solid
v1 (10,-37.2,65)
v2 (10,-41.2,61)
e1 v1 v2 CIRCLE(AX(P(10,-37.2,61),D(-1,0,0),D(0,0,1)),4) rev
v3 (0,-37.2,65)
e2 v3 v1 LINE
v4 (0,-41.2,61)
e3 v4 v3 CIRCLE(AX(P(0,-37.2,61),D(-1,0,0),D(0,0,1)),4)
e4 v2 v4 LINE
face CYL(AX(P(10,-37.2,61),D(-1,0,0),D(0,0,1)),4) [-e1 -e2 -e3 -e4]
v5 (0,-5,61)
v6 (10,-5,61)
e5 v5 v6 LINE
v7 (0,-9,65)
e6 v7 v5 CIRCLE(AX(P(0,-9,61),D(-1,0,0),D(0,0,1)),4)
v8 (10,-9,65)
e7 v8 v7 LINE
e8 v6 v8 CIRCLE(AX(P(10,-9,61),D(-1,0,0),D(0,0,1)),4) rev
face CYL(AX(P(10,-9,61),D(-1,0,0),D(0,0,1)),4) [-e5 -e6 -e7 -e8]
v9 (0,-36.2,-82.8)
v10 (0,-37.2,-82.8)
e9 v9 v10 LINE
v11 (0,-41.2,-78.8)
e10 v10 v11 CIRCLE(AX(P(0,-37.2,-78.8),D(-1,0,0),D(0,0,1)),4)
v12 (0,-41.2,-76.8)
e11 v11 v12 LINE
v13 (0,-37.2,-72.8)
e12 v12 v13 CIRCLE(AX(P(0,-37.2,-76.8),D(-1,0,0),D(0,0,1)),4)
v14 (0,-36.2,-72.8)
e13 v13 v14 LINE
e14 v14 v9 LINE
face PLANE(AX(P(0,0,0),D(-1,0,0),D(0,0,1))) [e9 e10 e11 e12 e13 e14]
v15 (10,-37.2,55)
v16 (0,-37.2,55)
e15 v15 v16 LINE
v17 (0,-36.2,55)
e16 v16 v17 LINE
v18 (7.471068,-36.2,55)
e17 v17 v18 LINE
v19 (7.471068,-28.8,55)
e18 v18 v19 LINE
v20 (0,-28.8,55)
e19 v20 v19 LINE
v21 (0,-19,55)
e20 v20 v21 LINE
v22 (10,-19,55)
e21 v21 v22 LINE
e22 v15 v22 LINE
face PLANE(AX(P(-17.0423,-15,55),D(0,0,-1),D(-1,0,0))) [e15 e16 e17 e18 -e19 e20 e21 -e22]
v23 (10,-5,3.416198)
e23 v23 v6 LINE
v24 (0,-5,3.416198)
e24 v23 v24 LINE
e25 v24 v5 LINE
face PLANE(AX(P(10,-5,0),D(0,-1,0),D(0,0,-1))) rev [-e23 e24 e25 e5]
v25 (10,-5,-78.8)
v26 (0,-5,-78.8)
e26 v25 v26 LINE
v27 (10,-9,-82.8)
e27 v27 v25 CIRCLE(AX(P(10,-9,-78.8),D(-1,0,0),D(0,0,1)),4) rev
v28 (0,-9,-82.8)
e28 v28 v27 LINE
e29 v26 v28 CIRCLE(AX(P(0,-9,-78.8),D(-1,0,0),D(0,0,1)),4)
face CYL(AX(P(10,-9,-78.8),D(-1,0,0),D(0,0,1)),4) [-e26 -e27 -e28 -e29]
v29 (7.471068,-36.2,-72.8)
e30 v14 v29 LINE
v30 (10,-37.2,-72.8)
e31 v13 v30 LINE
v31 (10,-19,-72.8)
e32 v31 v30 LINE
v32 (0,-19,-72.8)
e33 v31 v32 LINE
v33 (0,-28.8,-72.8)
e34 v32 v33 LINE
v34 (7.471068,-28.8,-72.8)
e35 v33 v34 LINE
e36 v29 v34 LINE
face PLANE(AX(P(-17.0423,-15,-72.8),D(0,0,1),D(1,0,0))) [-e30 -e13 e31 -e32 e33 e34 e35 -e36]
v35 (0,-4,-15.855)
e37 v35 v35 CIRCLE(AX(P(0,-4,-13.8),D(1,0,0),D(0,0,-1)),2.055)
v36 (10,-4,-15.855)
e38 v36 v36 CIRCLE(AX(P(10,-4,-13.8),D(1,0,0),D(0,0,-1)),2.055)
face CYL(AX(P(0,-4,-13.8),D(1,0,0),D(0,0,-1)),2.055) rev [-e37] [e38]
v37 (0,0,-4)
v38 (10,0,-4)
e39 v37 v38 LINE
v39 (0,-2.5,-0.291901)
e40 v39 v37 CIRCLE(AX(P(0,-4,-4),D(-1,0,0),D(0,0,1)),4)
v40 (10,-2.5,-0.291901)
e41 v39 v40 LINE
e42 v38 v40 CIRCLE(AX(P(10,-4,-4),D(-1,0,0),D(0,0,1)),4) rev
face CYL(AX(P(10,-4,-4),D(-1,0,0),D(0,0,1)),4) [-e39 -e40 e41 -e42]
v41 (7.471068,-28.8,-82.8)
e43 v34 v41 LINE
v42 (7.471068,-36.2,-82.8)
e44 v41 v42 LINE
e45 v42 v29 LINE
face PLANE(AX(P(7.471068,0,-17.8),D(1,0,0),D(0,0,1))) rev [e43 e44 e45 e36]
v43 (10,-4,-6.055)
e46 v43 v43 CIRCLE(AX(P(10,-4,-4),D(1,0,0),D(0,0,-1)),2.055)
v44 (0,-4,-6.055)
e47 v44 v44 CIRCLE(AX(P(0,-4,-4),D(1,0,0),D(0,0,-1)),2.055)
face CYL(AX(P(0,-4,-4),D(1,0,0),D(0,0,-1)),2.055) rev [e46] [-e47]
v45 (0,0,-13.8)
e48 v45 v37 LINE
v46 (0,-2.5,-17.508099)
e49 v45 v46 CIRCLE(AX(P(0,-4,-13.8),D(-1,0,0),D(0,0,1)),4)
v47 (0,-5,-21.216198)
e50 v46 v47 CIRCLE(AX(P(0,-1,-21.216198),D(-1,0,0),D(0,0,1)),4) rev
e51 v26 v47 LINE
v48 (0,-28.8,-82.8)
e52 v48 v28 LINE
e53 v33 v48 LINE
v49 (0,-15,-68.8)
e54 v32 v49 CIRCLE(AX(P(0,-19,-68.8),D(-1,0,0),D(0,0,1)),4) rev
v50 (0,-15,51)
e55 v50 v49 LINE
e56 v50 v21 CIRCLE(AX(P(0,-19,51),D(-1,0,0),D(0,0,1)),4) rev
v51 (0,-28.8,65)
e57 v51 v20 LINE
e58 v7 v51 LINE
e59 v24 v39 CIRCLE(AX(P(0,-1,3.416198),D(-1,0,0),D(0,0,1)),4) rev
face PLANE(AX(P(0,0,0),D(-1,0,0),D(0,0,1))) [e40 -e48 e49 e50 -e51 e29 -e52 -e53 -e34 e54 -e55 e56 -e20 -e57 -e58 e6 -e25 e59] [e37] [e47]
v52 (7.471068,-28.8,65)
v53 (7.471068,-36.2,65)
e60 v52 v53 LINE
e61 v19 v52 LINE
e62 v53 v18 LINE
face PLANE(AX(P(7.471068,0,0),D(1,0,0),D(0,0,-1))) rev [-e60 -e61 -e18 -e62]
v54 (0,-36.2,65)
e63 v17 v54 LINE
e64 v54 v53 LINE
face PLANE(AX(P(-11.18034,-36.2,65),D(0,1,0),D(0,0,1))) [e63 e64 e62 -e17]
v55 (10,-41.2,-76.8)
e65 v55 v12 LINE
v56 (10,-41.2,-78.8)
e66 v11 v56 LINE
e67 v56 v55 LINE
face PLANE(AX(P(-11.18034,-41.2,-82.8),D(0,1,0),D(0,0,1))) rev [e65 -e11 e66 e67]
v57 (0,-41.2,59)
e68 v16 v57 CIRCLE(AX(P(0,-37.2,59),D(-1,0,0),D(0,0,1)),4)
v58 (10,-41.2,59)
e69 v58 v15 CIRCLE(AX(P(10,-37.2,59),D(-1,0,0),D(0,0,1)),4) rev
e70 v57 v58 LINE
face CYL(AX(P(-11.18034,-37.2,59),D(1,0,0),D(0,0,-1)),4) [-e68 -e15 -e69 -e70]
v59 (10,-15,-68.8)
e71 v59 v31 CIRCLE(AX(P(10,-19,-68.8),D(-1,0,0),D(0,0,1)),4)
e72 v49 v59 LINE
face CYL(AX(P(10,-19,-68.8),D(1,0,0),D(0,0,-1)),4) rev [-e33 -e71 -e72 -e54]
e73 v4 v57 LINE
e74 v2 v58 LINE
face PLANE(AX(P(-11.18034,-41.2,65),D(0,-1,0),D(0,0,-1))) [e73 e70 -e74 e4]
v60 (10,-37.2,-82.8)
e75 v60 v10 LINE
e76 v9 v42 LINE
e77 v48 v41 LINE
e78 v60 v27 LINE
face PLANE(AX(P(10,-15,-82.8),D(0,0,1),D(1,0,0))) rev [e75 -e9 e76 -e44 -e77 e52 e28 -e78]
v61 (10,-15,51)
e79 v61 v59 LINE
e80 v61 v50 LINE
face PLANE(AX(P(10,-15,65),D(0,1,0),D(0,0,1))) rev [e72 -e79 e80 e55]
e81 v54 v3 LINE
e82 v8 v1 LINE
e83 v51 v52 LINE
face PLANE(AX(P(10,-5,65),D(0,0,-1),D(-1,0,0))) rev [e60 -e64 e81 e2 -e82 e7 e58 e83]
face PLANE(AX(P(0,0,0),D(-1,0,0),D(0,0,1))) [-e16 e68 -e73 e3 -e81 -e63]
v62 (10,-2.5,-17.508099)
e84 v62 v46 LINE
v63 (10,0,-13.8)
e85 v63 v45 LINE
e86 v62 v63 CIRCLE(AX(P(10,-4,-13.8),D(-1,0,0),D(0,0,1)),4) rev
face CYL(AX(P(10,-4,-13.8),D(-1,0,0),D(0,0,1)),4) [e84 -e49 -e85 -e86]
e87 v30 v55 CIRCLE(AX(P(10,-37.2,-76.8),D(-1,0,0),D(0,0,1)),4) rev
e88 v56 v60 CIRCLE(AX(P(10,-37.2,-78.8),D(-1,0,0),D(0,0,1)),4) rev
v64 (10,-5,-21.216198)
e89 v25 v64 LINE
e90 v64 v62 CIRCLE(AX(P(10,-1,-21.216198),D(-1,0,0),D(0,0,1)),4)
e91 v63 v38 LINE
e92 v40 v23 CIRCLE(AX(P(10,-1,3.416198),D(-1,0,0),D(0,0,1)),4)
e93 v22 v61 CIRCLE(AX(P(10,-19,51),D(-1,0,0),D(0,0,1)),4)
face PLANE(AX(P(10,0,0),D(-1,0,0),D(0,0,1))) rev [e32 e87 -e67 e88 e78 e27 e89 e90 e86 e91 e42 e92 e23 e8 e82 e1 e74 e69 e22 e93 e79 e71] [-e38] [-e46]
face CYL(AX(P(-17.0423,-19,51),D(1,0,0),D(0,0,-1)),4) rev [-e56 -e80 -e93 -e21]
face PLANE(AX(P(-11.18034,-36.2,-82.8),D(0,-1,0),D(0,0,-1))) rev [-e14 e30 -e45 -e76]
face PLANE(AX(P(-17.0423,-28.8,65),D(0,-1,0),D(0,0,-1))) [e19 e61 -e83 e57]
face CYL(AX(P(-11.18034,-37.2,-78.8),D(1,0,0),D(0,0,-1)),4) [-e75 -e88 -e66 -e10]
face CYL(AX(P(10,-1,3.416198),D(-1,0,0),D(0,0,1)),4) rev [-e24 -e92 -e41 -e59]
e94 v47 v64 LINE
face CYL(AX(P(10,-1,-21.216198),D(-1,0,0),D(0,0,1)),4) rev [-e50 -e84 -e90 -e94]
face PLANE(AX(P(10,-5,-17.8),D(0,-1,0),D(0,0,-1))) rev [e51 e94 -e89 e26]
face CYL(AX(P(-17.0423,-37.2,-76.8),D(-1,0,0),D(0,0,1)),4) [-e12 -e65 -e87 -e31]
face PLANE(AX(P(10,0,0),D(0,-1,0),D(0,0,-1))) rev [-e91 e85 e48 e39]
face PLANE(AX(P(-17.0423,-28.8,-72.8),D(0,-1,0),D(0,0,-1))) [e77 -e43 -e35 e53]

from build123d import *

# Parameters (mm, degrees)
BOSS_EXTRUDE1_DEPTH = 10
SKETCH3_R           = 2.055
CUT_EXTRUDE1_DEPTH  = 85.739837149
SKETCH5_W           = 10
SKETCH5_H           = 13.8
BOSS_EXTRUDE2_DEPTH = 10
SKETCH10_W          = 10
SKETCH10_H          = 7.4
BOSS_EXTRUDE5_DEPTH = 2.52893219
SKETCH11_W          = 10
SKETCH11_H          = 5
BOSS_EXTRUDE6_DEPTH = 10
FILLET1_R           = 4
FILLET2_R           = 4
FILLET3_R           = 4


with BuildPart() as part:
    # Sketch1 → Boss-Extrude1 (new body)
    with BuildSketch(Plane(origin=(0, 0, 0), x_dir=(0, 0, -1), z_dir=(1, 0, 0))):
        Polygon((17.8, -5), (82.8, -5), (82.8, -15), (-65, -15), (-65, -5), (0, -5), (0, 0), (17.8, 0), align=None)
    extrude(amount=BOSS_EXTRUDE1_DEPTH)

    # Sketch3 → Cut-Extrude1 (cut, through all)
    with BuildSketch(Plane(origin=(10, 0, 0), x_dir=(0, 0, -1), z_dir=(1, 0, 0))):
        with Locations((4, -4)):
            Circle(SKETCH3_R)
        with Locations((13.8, -4)):
            Circle(SKETCH3_R)
    extrude(amount=-CUT_EXTRUDE1_DEPTH, mode=Mode.SUBTRACT)

    # Sketch5 → Boss-Extrude2 (add)
    with BuildSketch(Plane(origin=(10, 0, 0), x_dir=(0, 0, -1), z_dir=(1, 0, 0))):
        with Locations((-60, -21.9)):
            Rectangle(SKETCH5_W, SKETCH5_H)
        with Locations((77.8, -21.9)):
            Rectangle(SKETCH5_W, SKETCH5_H)
    extrude(amount=-BOSS_EXTRUDE2_DEPTH)

    # Sketch10 → Boss-Extrude5 (add)
    with BuildSketch(Plane(origin=(10, 0, 0), x_dir=(0, 0, -1), z_dir=(1, 0, 0))):
        with Locations((-60, -32.5)):
            Rectangle(SKETCH10_W, SKETCH10_H)
    boss_extrude5 = extrude(amount=-BOSS_EXTRUDE5_DEPTH)

    # Sketch11 → Boss-Extrude6 (add)
    with BuildSketch(Plane(origin=(10, 0, 0), x_dir=(0, 0, -1), z_dir=(1, 0, 0))):
        with Locations((-60, -38.7)):
            Rectangle(SKETCH11_W, SKETCH11_H)
    boss_extrude6 = extrude(amount=-BOSS_EXTRUDE6_DEPTH)

    # Mirror1: Boss-Extrude5, Boss-Extrude6 across plane
    add(boss_extrude5.mirror(Plane.XY.offset(-8.9)))
    add(boss_extrude6.mirror(Plane.XY.offset(-8.9)))

    # Fillet1
    fillet1_edges = [part.edges().sort_by_distance(p)[0] for p in [
        (5, 0, 0),
        (5, 0, -17.8),
    ]]
    fillet(fillet1_edges, radius=FILLET1_R)

    # Fillet2
    fillet2_edges = [part.edges().sort_by_distance(p)[0] for p in [
        (5, -5, -82.8),
        (5, -5, 65),
        (5, -15, 55),
        (5, -15, -72.8),
        (5, -41.2, 55),
        (5, -41.2, 65),
        (5, -41.2, -82.8),
        (5, -41.2, -72.8),
    ]]
    fillet(fillet2_edges, radius=FILLET2_R)

    # Fillet3
    fillet3_edges = [part.edges().sort_by_distance(p)[0] for p in [
        (5, -5, -17.8),
        (5, -5, 0),
    ]]
    fillet(fillet3_edges, radius=FILLET3_R)


solid = part.part
